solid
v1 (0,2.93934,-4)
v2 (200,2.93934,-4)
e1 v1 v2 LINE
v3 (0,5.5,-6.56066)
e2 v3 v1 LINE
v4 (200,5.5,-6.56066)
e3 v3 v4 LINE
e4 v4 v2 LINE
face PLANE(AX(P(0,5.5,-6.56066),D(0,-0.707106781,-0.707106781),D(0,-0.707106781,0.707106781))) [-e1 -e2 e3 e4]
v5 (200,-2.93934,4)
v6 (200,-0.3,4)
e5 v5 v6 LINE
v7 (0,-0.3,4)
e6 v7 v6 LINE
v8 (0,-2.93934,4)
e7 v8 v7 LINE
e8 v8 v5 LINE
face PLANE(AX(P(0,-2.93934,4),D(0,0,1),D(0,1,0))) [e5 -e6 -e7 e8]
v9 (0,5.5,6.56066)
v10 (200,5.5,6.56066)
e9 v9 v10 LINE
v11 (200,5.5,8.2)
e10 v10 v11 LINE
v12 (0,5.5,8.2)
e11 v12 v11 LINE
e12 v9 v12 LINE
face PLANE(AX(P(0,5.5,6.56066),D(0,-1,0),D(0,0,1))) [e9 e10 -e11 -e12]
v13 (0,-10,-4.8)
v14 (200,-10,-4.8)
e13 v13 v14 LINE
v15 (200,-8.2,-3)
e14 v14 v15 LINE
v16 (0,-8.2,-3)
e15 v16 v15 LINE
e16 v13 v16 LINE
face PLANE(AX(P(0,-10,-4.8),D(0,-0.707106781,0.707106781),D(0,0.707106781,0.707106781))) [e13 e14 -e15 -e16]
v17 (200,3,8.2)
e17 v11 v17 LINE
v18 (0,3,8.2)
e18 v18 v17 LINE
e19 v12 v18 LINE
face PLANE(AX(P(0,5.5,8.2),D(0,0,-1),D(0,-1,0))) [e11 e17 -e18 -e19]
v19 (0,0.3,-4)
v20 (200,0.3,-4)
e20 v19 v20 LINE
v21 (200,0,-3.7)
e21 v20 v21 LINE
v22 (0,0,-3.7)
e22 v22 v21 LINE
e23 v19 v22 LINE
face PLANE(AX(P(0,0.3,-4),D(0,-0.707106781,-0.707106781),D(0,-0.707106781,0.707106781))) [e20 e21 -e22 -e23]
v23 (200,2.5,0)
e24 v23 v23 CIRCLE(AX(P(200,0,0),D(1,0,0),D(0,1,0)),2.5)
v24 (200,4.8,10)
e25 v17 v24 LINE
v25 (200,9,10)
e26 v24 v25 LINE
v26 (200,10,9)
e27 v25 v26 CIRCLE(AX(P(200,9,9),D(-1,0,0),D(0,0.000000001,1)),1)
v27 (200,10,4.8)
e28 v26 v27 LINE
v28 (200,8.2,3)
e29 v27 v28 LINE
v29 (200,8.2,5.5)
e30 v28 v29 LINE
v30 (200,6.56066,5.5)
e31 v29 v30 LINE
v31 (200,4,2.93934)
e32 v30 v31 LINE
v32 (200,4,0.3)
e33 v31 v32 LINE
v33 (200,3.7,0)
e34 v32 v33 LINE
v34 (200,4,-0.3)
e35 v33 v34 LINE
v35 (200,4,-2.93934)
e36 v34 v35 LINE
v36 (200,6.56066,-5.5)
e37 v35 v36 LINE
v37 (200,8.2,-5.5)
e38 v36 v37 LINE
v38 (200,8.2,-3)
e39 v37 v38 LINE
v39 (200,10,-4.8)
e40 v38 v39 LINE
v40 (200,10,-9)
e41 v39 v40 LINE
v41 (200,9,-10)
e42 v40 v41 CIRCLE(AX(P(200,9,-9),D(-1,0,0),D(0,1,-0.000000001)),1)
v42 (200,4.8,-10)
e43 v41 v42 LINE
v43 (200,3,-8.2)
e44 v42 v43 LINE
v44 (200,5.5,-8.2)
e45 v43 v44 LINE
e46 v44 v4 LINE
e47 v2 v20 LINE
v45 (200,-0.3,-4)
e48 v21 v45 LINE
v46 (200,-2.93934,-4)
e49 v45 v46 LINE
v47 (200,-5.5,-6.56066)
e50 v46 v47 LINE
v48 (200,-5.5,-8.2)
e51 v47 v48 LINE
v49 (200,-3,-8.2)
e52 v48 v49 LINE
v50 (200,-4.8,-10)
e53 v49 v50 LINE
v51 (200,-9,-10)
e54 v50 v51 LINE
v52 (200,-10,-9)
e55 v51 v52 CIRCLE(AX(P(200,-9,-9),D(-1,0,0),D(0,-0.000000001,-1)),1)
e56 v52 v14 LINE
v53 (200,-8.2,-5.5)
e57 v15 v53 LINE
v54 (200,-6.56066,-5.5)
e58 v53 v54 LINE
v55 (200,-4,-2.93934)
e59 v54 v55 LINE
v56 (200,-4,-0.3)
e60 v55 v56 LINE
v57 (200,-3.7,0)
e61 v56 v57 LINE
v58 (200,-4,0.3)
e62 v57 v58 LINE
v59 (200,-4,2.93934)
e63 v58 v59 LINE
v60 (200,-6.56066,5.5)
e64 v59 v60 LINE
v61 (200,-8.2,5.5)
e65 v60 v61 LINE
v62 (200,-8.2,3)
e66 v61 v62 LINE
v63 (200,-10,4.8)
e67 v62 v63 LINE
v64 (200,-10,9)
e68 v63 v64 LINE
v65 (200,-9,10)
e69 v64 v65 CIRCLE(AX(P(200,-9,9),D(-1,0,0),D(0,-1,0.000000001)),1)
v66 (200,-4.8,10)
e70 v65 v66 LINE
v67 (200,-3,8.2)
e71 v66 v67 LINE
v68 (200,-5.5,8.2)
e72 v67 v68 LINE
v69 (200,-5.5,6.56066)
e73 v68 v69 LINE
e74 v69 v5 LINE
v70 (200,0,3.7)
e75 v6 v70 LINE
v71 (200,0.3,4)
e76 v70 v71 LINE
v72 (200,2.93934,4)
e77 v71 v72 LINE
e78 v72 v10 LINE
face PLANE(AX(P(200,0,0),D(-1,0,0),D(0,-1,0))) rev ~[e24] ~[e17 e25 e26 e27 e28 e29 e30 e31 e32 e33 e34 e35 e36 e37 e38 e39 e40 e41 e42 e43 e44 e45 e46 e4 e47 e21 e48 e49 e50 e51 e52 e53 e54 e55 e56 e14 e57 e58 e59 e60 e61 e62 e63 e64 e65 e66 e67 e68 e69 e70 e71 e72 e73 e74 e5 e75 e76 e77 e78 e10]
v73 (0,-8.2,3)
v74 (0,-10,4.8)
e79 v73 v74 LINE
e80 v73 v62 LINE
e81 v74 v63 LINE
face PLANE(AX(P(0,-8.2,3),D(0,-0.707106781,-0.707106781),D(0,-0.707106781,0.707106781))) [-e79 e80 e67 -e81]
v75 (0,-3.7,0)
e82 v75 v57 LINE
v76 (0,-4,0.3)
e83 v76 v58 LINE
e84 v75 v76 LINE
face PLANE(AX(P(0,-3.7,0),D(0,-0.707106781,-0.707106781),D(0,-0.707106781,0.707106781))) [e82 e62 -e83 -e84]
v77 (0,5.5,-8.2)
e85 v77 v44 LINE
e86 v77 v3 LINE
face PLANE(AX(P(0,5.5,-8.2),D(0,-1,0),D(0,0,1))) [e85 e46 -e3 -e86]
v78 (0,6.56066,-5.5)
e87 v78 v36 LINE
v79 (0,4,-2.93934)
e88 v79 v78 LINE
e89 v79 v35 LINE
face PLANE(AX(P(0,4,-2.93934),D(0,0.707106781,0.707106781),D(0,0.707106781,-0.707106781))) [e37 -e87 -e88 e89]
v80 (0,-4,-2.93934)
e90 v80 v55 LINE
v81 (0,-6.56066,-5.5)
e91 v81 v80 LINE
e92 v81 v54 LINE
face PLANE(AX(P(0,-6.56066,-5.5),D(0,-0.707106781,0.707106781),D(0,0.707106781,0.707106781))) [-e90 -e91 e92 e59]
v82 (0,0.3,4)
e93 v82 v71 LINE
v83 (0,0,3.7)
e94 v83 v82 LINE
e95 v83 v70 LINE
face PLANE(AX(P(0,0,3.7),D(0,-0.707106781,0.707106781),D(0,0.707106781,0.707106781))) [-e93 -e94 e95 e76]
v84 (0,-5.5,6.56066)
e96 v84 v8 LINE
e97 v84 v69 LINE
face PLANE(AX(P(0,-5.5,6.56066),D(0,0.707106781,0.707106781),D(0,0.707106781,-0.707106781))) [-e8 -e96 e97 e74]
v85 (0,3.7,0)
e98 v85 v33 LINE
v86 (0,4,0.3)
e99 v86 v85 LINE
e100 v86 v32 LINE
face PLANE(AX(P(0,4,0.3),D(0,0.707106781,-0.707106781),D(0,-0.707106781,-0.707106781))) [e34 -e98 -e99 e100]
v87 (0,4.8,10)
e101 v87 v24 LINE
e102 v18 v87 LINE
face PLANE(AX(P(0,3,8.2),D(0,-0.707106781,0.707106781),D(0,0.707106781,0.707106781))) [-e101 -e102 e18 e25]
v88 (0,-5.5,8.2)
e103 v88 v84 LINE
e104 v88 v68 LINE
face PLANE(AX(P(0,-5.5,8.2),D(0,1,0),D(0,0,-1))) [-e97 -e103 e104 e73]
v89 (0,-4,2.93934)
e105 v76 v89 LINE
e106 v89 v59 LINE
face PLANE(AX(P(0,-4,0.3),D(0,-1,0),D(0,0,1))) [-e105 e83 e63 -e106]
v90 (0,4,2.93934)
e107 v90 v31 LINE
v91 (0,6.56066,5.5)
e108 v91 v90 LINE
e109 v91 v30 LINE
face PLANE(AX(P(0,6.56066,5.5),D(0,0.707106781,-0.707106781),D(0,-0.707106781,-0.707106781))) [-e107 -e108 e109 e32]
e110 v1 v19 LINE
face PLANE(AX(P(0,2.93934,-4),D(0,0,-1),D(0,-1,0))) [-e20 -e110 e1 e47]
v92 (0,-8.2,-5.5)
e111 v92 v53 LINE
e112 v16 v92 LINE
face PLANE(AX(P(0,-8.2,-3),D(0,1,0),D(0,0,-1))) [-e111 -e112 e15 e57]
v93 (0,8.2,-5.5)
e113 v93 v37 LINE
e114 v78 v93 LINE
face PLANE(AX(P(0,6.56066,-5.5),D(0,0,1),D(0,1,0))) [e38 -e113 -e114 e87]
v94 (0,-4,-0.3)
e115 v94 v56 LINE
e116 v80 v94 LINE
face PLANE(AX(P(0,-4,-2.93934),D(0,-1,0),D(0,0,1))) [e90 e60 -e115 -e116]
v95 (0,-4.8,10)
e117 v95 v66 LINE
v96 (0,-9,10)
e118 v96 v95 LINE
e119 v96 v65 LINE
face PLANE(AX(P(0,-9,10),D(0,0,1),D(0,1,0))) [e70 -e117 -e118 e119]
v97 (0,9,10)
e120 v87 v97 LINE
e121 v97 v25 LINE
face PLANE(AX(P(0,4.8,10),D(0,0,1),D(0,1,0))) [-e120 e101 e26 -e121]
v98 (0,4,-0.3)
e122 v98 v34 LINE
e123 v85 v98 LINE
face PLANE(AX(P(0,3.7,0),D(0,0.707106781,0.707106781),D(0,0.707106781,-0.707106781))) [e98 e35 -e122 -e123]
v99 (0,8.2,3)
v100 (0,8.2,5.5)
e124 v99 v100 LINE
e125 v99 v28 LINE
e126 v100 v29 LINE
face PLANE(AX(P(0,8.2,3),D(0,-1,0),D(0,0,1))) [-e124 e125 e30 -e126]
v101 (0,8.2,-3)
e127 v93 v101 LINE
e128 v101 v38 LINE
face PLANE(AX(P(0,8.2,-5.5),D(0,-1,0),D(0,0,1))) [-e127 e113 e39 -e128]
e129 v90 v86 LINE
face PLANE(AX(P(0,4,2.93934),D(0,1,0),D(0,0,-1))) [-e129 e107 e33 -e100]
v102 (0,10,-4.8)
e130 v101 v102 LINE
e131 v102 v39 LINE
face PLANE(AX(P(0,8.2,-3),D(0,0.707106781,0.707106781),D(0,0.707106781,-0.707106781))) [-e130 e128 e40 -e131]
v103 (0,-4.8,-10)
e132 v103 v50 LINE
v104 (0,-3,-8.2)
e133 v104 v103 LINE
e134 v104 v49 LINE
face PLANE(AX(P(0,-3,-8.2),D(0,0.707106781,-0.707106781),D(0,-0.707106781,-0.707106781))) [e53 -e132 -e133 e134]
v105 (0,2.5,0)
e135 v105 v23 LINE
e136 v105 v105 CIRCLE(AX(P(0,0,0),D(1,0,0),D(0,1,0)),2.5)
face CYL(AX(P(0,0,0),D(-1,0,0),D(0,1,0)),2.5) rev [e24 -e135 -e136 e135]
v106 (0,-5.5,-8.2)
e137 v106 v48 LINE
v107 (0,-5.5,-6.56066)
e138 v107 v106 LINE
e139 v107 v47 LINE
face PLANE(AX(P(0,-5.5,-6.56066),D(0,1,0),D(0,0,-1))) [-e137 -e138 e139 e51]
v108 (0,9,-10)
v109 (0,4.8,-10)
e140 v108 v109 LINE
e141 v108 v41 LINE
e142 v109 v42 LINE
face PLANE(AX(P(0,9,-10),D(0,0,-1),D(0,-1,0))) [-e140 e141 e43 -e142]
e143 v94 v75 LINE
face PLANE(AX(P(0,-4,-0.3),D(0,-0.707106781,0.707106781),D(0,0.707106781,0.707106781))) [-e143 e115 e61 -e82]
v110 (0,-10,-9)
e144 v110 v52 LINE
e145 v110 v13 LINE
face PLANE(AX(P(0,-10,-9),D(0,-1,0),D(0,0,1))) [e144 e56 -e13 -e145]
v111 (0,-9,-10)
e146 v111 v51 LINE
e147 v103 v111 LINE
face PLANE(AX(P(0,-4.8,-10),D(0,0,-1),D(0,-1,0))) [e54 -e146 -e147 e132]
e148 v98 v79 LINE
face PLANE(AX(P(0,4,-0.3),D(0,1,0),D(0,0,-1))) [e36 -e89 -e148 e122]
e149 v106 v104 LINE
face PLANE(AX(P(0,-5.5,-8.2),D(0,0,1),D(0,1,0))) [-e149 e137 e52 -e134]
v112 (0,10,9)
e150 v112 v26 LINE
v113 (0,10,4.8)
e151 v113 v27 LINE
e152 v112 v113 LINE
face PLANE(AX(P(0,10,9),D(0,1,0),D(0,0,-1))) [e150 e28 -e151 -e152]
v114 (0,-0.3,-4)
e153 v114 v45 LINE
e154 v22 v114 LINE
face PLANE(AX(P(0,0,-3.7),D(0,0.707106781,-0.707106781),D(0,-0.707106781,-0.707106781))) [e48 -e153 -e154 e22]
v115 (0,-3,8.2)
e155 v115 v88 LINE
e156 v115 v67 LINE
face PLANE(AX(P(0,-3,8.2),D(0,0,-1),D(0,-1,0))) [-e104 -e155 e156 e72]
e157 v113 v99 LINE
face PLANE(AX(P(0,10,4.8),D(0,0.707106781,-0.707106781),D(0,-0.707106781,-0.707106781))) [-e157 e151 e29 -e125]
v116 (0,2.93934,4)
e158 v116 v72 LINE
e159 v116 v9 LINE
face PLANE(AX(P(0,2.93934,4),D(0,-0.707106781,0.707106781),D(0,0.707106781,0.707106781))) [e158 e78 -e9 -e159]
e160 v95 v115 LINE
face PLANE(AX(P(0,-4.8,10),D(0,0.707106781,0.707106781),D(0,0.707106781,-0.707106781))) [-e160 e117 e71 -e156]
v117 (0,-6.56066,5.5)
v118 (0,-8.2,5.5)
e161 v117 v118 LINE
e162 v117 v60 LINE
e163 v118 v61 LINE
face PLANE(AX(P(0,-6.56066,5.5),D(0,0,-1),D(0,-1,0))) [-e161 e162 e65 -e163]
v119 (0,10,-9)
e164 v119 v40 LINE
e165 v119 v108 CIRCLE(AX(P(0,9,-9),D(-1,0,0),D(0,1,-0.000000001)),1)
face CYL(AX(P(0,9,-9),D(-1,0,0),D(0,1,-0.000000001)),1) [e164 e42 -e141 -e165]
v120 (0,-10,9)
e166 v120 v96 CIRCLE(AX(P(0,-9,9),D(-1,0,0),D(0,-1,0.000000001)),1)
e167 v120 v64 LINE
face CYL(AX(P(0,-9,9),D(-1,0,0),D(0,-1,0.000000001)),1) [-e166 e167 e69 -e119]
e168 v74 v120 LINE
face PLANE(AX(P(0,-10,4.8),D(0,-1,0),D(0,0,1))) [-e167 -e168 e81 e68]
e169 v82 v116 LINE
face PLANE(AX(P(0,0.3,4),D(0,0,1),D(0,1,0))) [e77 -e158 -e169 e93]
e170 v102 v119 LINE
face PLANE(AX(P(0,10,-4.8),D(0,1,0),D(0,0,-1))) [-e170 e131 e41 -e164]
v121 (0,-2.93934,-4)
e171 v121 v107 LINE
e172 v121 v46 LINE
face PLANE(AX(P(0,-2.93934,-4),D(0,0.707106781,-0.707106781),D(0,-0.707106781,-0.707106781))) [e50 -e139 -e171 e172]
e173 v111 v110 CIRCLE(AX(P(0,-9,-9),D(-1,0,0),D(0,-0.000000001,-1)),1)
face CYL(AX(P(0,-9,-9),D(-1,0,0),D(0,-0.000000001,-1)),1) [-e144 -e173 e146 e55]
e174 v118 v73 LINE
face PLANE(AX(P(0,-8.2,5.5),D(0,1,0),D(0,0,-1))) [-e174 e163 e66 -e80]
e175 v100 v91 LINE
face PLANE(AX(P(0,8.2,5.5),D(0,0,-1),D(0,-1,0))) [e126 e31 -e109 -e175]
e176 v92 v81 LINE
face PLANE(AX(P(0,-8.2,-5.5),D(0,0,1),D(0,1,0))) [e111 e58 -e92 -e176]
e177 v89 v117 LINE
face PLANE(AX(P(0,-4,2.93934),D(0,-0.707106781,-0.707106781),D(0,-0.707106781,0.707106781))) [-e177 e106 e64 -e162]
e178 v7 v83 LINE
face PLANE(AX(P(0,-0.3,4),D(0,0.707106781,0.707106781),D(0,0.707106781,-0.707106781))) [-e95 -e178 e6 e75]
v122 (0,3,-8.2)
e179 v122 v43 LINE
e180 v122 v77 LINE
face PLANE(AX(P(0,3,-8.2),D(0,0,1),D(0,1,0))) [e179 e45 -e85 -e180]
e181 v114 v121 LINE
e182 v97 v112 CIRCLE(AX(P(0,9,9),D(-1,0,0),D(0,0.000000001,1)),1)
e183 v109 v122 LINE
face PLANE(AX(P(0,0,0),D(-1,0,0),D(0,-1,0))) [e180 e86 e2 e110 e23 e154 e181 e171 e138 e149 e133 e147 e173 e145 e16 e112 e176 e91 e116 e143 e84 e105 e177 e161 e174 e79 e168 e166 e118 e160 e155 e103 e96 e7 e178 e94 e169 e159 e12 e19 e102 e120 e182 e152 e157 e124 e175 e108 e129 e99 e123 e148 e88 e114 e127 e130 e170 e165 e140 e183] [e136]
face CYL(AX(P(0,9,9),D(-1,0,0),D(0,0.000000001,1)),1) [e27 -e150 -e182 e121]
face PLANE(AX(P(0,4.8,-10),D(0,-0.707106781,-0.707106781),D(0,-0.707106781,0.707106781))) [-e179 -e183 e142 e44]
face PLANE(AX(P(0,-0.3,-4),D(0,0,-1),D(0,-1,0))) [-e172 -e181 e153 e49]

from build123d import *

# Parameters (mm, degrees)
SKETCH11_R                                  = 2.5
QUADRADO_PF20_11_PERFIL_2020_V_SLOT_1_DEPTH = 200


with BuildPart() as part:
    # Sketch11 → Quadrado PF20-11 - PERFIL 2020 V-SLOT(1) (new body)
    with BuildSketch(Plane.YZ):
        with BuildLine():
            Line((-4.8, 10), (-3, 8.2))
            Line((-3, 8.2), (-5.5, 8.2))
            Line((-5.5, 8.2), (-5.5, 6.560660172))
            Line((-5.5, 6.560660172), (-2.939339828, 4))
            Line((-2.939339828, 4), (-0.3, 4))
            Line((-0.3, 4), (0, 3.7))
            Line((0, 3.7), (0.3, 4))
            Line((0.3, 4), (2.939339828, 4))
            Line((2.939339828, 4), (5.5, 6.560660172))
            Line((5.5, 6.560660172), (5.5, 8.2))
            Line((5.5, 8.2), (3, 8.2))
            Line((3, 8.2), (4.8, 10))
            Line((4.8, 10), (9, 10))
            ThreePointArc((9, 10), (9.707106781, 9.707106781), (10, 9))
            Line((10, 9), (10, 4.8))
            Line((10, 4.8), (8.2, 3))
            Line((8.2, 3), (8.2, 5.5))
            Line((8.2, 5.5), (6.560660172, 5.5))
            Line((6.560660172, 5.5), (4, 2.939339828))
            Line((4, 2.939339828), (4, 0.3))
            Line((4, 0.3), (3.7, 0))
            Line((3.7, 0), (4, -0.3))
            Line((4, -0.3), (4, -2.939339828))
            Line((4, -2.939339828), (6.560660172, -5.5))
            Line((6.560660172, -5.5), (8.2, -5.5))
            Line((8.2, -5.5), (8.2, -3))
            Line((8.2, -3), (10, -4.8))
            Line((10, -4.8), (10, -9))
            ThreePointArc((10, -9), (9.707106781, -9.707106781), (9, -10))
            Line((9, -10), (4.8, -10))
            Line((4.8, -10), (3, -8.2))
            Line((3, -8.2), (5.5, -8.2))
            Line((5.5, -8.2), (5.5, -6.560660172))
            Line((5.5, -6.560660172), (2.939339828, -4))
            Line((2.939339828, -4), (0.3, -4))
            Line((0.3, -4), (0, -3.7))
            Line((0, -3.7), (-0.3, -4))
            Line((-0.3, -4), (-2.939339828, -4))
            Line((-2.939339828, -4), (-5.5, -6.560660172))
            Line((-5.5, -6.560660172), (-5.5, -8.2))
            Line((-5.5, -8.2), (-3, -8.2))
            Line((-3, -8.2), (-4.8, -10))
            Line((-4.8, -10), (-9, -10))
            ThreePointArc((-9, -10), (-9.707106781, -9.707106781), (-10, -9))
            Line((-10, -9), (-10, -4.8))
            Line((-10, -4.8), (-8.2, -3))
            Line((-8.2, -3), (-8.2, -5.5))
            Line((-8.2, -5.5), (-6.560660172, -5.5))
            Line((-6.560660172, -5.5), (-4, -2.939339828))
            Line((-4, -2.939339828), (-4, -0.3))
            Line((-4, -0.3), (-3.7, 0))
            Line((-3.7, 0), (-4, 0.3))
            Line((-4, 0.3), (-4, 2.939339828))
            Line((-4, 2.939339828), (-6.560660172, 5.5))
            Line((-6.560660172, 5.5), (-8.2, 5.5))
            Line((-8.2, 5.5), (-8.2, 3))
            Line((-8.2, 3), (-10, 4.8))
            Line((-10, 4.8), (-10, 9))
            ThreePointArc((-10, 9), (-9.707106781, 9.707106781), (-9, 10))
            Line((-9, 10), (-4.8, 10))
        make_face()
        Circle(SKETCH11_R, mode=Mode.SUBTRACT)
    extrude(amount=QUADRADO_PF20_11_PERFIL_2020_V_SLOT_1_DEPTH)


solid = part.part
